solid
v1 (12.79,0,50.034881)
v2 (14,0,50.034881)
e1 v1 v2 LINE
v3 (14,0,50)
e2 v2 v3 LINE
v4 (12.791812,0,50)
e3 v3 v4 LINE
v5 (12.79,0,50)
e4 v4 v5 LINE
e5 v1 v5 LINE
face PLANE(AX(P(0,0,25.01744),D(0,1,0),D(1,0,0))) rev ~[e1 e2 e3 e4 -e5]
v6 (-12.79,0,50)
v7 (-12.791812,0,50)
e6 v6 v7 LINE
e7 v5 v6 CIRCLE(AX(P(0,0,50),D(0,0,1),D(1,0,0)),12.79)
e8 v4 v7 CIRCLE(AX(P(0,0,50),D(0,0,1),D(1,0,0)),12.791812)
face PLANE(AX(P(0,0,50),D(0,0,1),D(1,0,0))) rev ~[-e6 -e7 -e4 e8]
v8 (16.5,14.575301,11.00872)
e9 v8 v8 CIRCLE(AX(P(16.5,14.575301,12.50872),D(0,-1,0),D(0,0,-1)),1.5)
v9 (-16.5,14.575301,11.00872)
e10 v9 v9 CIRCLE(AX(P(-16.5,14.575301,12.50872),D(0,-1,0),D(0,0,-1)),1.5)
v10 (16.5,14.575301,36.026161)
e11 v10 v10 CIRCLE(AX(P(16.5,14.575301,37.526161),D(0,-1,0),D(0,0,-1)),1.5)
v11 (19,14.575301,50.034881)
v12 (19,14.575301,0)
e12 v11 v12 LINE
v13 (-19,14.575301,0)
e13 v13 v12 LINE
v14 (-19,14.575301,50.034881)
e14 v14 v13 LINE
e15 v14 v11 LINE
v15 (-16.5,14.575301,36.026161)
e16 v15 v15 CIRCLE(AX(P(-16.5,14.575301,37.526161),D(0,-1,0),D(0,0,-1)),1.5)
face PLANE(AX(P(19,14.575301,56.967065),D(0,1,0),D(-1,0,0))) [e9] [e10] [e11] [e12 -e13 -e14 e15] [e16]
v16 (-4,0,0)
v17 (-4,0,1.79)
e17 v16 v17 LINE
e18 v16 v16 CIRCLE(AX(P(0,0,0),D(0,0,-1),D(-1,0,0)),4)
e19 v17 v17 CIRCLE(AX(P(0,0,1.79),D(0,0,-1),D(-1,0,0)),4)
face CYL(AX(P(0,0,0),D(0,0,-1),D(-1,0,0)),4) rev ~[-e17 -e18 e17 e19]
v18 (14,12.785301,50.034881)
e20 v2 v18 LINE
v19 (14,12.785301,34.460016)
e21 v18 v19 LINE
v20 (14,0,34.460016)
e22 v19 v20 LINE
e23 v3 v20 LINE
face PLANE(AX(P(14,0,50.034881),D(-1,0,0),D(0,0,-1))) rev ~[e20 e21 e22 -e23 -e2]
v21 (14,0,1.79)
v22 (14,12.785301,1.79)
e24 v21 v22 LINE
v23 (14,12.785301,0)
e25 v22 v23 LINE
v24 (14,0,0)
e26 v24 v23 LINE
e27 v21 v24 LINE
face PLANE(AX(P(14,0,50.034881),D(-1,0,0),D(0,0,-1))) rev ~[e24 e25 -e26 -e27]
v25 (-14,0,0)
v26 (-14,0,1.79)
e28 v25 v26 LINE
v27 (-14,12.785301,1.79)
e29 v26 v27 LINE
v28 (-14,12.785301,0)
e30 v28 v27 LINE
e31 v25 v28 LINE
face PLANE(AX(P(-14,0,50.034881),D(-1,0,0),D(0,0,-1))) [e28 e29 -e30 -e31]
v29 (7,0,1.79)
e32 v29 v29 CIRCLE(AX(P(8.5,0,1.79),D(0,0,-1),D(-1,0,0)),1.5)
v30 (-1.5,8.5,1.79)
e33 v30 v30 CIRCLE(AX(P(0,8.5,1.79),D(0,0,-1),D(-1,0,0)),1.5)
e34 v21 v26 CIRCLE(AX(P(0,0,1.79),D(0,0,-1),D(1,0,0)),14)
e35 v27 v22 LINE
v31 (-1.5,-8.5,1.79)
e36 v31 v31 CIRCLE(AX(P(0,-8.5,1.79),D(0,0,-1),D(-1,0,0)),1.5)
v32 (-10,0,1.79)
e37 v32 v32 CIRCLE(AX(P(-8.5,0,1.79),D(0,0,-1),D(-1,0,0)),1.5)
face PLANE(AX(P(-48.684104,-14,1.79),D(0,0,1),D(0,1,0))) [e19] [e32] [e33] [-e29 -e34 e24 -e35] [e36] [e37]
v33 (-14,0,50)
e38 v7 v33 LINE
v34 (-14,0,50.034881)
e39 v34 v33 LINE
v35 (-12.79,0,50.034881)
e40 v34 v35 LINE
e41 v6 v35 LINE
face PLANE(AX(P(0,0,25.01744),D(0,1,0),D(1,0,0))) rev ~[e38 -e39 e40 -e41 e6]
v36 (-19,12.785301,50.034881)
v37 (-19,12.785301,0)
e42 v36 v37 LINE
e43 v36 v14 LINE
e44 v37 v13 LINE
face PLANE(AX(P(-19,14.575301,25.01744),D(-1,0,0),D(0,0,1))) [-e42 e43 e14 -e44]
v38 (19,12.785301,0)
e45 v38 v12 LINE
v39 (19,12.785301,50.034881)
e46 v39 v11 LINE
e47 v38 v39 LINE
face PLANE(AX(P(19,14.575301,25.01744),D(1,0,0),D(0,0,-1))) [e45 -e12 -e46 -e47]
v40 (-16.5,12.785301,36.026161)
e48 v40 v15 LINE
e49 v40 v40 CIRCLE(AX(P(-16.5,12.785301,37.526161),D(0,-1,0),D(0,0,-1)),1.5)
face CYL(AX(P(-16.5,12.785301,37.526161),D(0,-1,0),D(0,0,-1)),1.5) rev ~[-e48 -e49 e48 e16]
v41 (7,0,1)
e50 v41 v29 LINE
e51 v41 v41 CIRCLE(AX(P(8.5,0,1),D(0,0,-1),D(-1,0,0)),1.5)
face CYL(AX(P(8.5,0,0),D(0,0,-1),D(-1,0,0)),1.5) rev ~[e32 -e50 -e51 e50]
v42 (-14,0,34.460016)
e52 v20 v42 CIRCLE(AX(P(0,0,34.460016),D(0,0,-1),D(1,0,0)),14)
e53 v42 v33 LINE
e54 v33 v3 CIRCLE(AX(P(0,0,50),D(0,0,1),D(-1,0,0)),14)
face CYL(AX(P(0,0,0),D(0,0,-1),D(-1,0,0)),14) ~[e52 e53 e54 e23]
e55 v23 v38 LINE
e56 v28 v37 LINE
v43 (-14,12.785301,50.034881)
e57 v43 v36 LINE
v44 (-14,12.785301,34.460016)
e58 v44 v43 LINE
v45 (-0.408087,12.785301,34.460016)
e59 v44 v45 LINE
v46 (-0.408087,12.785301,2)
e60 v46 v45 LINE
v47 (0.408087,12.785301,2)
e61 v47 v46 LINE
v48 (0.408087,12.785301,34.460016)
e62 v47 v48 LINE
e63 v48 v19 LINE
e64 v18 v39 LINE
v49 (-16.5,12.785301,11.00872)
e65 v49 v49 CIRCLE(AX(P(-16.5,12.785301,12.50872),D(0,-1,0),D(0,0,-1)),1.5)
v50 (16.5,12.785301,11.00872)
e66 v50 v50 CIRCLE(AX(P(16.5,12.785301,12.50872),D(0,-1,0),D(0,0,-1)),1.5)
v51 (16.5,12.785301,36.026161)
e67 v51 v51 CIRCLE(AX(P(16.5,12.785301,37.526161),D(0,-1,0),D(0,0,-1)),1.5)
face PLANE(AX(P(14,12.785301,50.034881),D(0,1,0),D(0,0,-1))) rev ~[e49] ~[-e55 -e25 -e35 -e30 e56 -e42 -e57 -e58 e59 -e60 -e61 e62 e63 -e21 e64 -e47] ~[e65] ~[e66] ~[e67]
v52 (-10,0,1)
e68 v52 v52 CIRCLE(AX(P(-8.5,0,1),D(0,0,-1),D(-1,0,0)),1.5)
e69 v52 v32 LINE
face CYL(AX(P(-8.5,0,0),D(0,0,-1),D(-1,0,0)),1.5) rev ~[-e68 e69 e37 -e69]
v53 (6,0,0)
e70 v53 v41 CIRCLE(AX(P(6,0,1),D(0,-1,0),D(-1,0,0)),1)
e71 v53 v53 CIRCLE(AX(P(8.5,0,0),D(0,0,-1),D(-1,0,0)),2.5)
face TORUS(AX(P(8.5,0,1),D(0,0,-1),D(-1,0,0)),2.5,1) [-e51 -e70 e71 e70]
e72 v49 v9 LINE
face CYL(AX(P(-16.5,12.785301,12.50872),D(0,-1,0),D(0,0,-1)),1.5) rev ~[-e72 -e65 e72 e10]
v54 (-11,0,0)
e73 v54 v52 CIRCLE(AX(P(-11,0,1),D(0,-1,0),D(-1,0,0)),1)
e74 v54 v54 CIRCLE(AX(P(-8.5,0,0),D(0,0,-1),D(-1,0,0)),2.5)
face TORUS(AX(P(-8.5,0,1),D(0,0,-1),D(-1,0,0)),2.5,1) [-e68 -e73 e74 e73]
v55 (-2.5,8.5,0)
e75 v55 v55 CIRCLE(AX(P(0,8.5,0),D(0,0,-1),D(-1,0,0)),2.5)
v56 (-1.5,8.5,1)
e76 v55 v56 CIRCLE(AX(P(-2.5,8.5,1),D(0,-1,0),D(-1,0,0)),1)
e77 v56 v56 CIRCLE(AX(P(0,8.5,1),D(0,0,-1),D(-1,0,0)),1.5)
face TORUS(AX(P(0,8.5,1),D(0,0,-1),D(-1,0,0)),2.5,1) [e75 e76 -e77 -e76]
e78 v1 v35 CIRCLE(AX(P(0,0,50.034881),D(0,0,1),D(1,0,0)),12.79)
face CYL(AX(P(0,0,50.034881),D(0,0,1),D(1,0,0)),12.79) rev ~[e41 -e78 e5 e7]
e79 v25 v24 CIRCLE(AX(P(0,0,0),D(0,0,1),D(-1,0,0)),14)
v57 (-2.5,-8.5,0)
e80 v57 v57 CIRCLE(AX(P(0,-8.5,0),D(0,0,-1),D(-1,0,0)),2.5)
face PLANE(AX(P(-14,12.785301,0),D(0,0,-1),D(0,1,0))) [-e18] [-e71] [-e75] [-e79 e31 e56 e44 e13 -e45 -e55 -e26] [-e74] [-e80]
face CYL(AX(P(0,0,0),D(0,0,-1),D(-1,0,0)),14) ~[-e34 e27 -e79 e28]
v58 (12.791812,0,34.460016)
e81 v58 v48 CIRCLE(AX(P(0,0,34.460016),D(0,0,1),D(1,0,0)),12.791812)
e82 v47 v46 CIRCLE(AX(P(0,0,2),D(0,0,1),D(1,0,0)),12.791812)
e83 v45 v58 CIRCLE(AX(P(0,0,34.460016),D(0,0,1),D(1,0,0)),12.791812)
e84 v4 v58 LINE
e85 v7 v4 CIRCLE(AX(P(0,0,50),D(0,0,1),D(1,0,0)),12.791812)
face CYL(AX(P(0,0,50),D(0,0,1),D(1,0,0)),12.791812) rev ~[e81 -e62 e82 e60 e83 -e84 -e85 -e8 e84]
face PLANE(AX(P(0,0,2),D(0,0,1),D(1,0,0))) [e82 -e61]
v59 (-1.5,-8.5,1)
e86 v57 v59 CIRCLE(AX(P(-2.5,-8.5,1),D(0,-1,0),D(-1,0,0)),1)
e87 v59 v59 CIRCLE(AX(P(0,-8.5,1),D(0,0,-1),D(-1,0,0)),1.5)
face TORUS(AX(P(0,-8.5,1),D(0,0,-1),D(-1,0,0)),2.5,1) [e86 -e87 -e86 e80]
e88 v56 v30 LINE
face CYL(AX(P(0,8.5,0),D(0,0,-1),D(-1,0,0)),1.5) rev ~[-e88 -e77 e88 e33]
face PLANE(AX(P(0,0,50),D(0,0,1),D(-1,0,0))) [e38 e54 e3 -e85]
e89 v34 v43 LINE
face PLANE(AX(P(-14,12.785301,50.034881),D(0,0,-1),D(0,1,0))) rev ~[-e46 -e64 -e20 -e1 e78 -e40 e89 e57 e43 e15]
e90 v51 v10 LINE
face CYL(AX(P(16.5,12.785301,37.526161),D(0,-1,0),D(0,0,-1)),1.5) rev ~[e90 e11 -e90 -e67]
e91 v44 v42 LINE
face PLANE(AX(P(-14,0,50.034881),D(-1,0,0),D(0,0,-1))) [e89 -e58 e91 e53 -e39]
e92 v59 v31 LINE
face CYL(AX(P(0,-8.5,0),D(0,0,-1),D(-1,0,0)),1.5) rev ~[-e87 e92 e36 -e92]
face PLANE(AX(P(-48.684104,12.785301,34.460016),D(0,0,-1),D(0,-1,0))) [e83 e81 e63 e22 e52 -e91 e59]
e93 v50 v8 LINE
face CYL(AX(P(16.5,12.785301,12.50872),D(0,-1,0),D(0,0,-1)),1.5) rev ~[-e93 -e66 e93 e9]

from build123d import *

# Parameters (mm, degrees)
SKETCH1_R                = 14
BOSS_EXTRUDE1_DEPTH      = 50
SKETCH5_W                = 28
SKETCH5_H                = 50.034880911
BOSS_EXTRUDE2_DEPTH      = 21
SKETCH2_R                = 12.791811967
CUT_EXTRUDE1_DEPTH       = 48
SKETCH3_R                = 4
CUT_EXTRUDE2_DEPTH       = 49
SKETCH4_R                = 1.5
CUT_EXTRUDE3_DEPTH       = 49
SKETCH6_R                = 12.79
CUT_EXTRUDE5_DEPTH       = 21
SKETCH7_W                = 28
SKETCH7_H                = 4.634699127
CUT_EXTRUDE6_DEPTH       = 53
SKETCH8_W                = 50.034880911
SKETCH8_H                = 3.58
BOSS_EXTRUDE3_DEPTH      = 5
SKETCH13_R               = 1.5
CUT_EXTRUDE7_DEPTH       = 5
SKETCH14_W               = 50.034880911
SKETCH14_H               = 3.58
BOSS_EXTRUDE4_DEPTH      = 5
SKETCH15_R               = 1.5
CUT_EXTRUDE8_DEPTH       = 5
FILLET1_R                = 1
FILLET2_R                = 1
CUT_EXTRUDE9_DEPTH       = 56.96706514
CUT_EXTRUDE9_DEPTH_BACK  = 56.96706514
SKETCH16_W               = 38
SKETCH16_H               = 1.79
CUT_EXTRUDE10_DEPTH      = 62.684104138
CUT_EXTRUDE10_DEPTH_BACK = 62.684104138
SKETCH19_W               = 32.670016371
SKETCH19_H               = 14
SKETCH19_H_2             = 12.785300873


with BuildPart() as part:
    # Sketch1 → Boss-Extrude1 (new body)
    with BuildSketch(Plane.XY):
        with Locations(Location((0, 0, 0), (0, 0, 180))):
            Circle(SKETCH1_R)
    extrude(amount=BOSS_EXTRUDE1_DEPTH)

    # Sketch5 → Boss-Extrude2 (add)
    with BuildSketch(Plane(origin=(0, 0, 0), x_dir=(1, 0, 0), z_dir=(0, 1, 0))):
        with Locations((0, -25.017440456)):
            Rectangle(SKETCH5_W, SKETCH5_H)
    extrude(amount=BOSS_EXTRUDE2_DEPTH)

    # Sketch2 → Cut-Extrude1 (cut)
    with BuildSketch(Plane.XY.offset(50)):
        Circle(SKETCH2_R)
    extrude(amount=-CUT_EXTRUDE1_DEPTH, mode=Mode.SUBTRACT)

    # Sketch3 → Cut-Extrude2 (cut)
    with BuildSketch(Plane(origin=(0, 0, 0), x_dir=(-1, 0, 0), z_dir=(0, 0, -1))):
        Circle(SKETCH3_R)
    extrude(amount=-CUT_EXTRUDE2_DEPTH, mode=Mode.SUBTRACT)

    # Sketch4 → Cut-Extrude3 (cut)
    with BuildSketch(Plane(origin=(0, 0, 0), x_dir=(-1, 0, 0), z_dir=(0, 0, -1))):
        with Locations((0, -8.5)):
            Circle(SKETCH4_R)
        with Locations((0, 8.5)):
            Circle(SKETCH4_R)
        with Locations((8.5, 0)):
            Circle(SKETCH4_R)
        with Locations((-8.5, 0)):
            Circle(SKETCH4_R)
    extrude(amount=-CUT_EXTRUDE3_DEPTH, mode=Mode.SUBTRACT)

    # Sketch6 → Cut-Extrude5 (cut)
    with BuildSketch(Plane.XY.offset(50.034880911)):
        Circle(SKETCH6_R)
    extrude(amount=-CUT_EXTRUDE5_DEPTH, mode=Mode.SUBTRACT)

    # Sketch7 → Cut-Extrude6 (cut)
    with BuildSketch(Plane.XY.offset(50.034880911)):
        with Locations((0, 18.682650437)):
            Rectangle(SKETCH7_W, SKETCH7_H)
    extrude(amount=-CUT_EXTRUDE6_DEPTH, mode=Mode.SUBTRACT)

    # Sketch8 → Boss-Extrude3 (add)
    with BuildSketch(Plane(origin=(14, 0, 0), x_dir=(0, 0, -1), z_dir=(1, 0, 0))):
        with Locations((-25.017440456, 14.575300873)):
            Rectangle(SKETCH8_W, SKETCH8_H)
    extrude(amount=BOSS_EXTRUDE3_DEPTH)

    # Sketch13 → Cut-Extrude7 (cut)
    with BuildSketch(Plane.XZ.offset(-12.785300873)):
        with Locations(Location((16.5, 37.526160683, 0), (0, 0, 270))):
            Circle(SKETCH13_R)
        with Locations(Location((16.5, 12.508720228, 0), (0, 0, 270))):
            Circle(SKETCH13_R)
    extrude(amount=-CUT_EXTRUDE7_DEPTH, mode=Mode.SUBTRACT)

    # Sketch14 → Boss-Extrude4 (add)
    with BuildSketch(Plane.ZY.offset(14)):
        with Locations((25.017440456, 14.575300873)):
            Rectangle(SKETCH14_W, SKETCH14_H)
    extrude(amount=BOSS_EXTRUDE4_DEPTH)

    # Sketch15 → Cut-Extrude8 (cut)
    with BuildSketch(Plane.XZ.offset(-12.785300873)):
        with Locations(Location((-16.5, 12.508720228, 0), (0, 0, 270))):
            Circle(SKETCH15_R)
        with Locations(Location((-16.5, 37.526160683, 0), (0, 0, 270))):
            Circle(SKETCH15_R)
    extrude(amount=-CUT_EXTRUDE8_DEPTH, mode=Mode.SUBTRACT)

    # Fillet1
    fillet1_edges = [part.edges().sort_by_distance(p)[0] for p in [
        (10, 0, 0),
    ]]
    fillet(fillet1_edges, radius=FILLET1_R)

    # Fillet2
    fillet2_edges = [part.edges().sort_by_distance(p)[0] for p in [
        (1.5, -8.5, 0),
        (1.5, 8.5, 0),
        (-7, 0, 0),
    ]]
    fillet(fillet2_edges, radius=FILLET2_R)

    # Sketch16 → Cut-Extrude9 (cut, two sides: drawn at the far end of the back side and taken through both)
    with BuildSketch(Plane(origin=(0, 0, 0), x_dir=(-1, 0, 0), z_dir=(0, 0, -1)).offset(-CUT_EXTRUDE9_DEPTH_BACK)):
        with Locations((0, 15.470300873)):
            Rectangle(SKETCH16_W, SKETCH16_H)
    extrude(amount=CUT_EXTRUDE9_DEPTH + CUT_EXTRUDE9_DEPTH_BACK, mode=Mode.SUBTRACT)

    # Sketch19 → Cut-Extrude10 (cut, two sides: drawn at the far end of the back side and taken through both)
    with BuildSketch(Plane(origin=(14, 0, 0), x_dir=(0, 0, -1), z_dir=(1, 0, 0)).offset(-CUT_EXTRUDE10_DEPTH_BACK)):
        with Locations((-18.125008186, -7)):
            Rectangle(SKETCH19_W, SKETCH19_H)
        with Locations((-18.125008186, 6.392650437)):
            Rectangle(SKETCH19_W, SKETCH19_H_2)
    extrude(amount=CUT_EXTRUDE10_DEPTH + CUT_EXTRUDE10_DEPTH_BACK, mode=Mode.SUBTRACT)


solid = part.part
